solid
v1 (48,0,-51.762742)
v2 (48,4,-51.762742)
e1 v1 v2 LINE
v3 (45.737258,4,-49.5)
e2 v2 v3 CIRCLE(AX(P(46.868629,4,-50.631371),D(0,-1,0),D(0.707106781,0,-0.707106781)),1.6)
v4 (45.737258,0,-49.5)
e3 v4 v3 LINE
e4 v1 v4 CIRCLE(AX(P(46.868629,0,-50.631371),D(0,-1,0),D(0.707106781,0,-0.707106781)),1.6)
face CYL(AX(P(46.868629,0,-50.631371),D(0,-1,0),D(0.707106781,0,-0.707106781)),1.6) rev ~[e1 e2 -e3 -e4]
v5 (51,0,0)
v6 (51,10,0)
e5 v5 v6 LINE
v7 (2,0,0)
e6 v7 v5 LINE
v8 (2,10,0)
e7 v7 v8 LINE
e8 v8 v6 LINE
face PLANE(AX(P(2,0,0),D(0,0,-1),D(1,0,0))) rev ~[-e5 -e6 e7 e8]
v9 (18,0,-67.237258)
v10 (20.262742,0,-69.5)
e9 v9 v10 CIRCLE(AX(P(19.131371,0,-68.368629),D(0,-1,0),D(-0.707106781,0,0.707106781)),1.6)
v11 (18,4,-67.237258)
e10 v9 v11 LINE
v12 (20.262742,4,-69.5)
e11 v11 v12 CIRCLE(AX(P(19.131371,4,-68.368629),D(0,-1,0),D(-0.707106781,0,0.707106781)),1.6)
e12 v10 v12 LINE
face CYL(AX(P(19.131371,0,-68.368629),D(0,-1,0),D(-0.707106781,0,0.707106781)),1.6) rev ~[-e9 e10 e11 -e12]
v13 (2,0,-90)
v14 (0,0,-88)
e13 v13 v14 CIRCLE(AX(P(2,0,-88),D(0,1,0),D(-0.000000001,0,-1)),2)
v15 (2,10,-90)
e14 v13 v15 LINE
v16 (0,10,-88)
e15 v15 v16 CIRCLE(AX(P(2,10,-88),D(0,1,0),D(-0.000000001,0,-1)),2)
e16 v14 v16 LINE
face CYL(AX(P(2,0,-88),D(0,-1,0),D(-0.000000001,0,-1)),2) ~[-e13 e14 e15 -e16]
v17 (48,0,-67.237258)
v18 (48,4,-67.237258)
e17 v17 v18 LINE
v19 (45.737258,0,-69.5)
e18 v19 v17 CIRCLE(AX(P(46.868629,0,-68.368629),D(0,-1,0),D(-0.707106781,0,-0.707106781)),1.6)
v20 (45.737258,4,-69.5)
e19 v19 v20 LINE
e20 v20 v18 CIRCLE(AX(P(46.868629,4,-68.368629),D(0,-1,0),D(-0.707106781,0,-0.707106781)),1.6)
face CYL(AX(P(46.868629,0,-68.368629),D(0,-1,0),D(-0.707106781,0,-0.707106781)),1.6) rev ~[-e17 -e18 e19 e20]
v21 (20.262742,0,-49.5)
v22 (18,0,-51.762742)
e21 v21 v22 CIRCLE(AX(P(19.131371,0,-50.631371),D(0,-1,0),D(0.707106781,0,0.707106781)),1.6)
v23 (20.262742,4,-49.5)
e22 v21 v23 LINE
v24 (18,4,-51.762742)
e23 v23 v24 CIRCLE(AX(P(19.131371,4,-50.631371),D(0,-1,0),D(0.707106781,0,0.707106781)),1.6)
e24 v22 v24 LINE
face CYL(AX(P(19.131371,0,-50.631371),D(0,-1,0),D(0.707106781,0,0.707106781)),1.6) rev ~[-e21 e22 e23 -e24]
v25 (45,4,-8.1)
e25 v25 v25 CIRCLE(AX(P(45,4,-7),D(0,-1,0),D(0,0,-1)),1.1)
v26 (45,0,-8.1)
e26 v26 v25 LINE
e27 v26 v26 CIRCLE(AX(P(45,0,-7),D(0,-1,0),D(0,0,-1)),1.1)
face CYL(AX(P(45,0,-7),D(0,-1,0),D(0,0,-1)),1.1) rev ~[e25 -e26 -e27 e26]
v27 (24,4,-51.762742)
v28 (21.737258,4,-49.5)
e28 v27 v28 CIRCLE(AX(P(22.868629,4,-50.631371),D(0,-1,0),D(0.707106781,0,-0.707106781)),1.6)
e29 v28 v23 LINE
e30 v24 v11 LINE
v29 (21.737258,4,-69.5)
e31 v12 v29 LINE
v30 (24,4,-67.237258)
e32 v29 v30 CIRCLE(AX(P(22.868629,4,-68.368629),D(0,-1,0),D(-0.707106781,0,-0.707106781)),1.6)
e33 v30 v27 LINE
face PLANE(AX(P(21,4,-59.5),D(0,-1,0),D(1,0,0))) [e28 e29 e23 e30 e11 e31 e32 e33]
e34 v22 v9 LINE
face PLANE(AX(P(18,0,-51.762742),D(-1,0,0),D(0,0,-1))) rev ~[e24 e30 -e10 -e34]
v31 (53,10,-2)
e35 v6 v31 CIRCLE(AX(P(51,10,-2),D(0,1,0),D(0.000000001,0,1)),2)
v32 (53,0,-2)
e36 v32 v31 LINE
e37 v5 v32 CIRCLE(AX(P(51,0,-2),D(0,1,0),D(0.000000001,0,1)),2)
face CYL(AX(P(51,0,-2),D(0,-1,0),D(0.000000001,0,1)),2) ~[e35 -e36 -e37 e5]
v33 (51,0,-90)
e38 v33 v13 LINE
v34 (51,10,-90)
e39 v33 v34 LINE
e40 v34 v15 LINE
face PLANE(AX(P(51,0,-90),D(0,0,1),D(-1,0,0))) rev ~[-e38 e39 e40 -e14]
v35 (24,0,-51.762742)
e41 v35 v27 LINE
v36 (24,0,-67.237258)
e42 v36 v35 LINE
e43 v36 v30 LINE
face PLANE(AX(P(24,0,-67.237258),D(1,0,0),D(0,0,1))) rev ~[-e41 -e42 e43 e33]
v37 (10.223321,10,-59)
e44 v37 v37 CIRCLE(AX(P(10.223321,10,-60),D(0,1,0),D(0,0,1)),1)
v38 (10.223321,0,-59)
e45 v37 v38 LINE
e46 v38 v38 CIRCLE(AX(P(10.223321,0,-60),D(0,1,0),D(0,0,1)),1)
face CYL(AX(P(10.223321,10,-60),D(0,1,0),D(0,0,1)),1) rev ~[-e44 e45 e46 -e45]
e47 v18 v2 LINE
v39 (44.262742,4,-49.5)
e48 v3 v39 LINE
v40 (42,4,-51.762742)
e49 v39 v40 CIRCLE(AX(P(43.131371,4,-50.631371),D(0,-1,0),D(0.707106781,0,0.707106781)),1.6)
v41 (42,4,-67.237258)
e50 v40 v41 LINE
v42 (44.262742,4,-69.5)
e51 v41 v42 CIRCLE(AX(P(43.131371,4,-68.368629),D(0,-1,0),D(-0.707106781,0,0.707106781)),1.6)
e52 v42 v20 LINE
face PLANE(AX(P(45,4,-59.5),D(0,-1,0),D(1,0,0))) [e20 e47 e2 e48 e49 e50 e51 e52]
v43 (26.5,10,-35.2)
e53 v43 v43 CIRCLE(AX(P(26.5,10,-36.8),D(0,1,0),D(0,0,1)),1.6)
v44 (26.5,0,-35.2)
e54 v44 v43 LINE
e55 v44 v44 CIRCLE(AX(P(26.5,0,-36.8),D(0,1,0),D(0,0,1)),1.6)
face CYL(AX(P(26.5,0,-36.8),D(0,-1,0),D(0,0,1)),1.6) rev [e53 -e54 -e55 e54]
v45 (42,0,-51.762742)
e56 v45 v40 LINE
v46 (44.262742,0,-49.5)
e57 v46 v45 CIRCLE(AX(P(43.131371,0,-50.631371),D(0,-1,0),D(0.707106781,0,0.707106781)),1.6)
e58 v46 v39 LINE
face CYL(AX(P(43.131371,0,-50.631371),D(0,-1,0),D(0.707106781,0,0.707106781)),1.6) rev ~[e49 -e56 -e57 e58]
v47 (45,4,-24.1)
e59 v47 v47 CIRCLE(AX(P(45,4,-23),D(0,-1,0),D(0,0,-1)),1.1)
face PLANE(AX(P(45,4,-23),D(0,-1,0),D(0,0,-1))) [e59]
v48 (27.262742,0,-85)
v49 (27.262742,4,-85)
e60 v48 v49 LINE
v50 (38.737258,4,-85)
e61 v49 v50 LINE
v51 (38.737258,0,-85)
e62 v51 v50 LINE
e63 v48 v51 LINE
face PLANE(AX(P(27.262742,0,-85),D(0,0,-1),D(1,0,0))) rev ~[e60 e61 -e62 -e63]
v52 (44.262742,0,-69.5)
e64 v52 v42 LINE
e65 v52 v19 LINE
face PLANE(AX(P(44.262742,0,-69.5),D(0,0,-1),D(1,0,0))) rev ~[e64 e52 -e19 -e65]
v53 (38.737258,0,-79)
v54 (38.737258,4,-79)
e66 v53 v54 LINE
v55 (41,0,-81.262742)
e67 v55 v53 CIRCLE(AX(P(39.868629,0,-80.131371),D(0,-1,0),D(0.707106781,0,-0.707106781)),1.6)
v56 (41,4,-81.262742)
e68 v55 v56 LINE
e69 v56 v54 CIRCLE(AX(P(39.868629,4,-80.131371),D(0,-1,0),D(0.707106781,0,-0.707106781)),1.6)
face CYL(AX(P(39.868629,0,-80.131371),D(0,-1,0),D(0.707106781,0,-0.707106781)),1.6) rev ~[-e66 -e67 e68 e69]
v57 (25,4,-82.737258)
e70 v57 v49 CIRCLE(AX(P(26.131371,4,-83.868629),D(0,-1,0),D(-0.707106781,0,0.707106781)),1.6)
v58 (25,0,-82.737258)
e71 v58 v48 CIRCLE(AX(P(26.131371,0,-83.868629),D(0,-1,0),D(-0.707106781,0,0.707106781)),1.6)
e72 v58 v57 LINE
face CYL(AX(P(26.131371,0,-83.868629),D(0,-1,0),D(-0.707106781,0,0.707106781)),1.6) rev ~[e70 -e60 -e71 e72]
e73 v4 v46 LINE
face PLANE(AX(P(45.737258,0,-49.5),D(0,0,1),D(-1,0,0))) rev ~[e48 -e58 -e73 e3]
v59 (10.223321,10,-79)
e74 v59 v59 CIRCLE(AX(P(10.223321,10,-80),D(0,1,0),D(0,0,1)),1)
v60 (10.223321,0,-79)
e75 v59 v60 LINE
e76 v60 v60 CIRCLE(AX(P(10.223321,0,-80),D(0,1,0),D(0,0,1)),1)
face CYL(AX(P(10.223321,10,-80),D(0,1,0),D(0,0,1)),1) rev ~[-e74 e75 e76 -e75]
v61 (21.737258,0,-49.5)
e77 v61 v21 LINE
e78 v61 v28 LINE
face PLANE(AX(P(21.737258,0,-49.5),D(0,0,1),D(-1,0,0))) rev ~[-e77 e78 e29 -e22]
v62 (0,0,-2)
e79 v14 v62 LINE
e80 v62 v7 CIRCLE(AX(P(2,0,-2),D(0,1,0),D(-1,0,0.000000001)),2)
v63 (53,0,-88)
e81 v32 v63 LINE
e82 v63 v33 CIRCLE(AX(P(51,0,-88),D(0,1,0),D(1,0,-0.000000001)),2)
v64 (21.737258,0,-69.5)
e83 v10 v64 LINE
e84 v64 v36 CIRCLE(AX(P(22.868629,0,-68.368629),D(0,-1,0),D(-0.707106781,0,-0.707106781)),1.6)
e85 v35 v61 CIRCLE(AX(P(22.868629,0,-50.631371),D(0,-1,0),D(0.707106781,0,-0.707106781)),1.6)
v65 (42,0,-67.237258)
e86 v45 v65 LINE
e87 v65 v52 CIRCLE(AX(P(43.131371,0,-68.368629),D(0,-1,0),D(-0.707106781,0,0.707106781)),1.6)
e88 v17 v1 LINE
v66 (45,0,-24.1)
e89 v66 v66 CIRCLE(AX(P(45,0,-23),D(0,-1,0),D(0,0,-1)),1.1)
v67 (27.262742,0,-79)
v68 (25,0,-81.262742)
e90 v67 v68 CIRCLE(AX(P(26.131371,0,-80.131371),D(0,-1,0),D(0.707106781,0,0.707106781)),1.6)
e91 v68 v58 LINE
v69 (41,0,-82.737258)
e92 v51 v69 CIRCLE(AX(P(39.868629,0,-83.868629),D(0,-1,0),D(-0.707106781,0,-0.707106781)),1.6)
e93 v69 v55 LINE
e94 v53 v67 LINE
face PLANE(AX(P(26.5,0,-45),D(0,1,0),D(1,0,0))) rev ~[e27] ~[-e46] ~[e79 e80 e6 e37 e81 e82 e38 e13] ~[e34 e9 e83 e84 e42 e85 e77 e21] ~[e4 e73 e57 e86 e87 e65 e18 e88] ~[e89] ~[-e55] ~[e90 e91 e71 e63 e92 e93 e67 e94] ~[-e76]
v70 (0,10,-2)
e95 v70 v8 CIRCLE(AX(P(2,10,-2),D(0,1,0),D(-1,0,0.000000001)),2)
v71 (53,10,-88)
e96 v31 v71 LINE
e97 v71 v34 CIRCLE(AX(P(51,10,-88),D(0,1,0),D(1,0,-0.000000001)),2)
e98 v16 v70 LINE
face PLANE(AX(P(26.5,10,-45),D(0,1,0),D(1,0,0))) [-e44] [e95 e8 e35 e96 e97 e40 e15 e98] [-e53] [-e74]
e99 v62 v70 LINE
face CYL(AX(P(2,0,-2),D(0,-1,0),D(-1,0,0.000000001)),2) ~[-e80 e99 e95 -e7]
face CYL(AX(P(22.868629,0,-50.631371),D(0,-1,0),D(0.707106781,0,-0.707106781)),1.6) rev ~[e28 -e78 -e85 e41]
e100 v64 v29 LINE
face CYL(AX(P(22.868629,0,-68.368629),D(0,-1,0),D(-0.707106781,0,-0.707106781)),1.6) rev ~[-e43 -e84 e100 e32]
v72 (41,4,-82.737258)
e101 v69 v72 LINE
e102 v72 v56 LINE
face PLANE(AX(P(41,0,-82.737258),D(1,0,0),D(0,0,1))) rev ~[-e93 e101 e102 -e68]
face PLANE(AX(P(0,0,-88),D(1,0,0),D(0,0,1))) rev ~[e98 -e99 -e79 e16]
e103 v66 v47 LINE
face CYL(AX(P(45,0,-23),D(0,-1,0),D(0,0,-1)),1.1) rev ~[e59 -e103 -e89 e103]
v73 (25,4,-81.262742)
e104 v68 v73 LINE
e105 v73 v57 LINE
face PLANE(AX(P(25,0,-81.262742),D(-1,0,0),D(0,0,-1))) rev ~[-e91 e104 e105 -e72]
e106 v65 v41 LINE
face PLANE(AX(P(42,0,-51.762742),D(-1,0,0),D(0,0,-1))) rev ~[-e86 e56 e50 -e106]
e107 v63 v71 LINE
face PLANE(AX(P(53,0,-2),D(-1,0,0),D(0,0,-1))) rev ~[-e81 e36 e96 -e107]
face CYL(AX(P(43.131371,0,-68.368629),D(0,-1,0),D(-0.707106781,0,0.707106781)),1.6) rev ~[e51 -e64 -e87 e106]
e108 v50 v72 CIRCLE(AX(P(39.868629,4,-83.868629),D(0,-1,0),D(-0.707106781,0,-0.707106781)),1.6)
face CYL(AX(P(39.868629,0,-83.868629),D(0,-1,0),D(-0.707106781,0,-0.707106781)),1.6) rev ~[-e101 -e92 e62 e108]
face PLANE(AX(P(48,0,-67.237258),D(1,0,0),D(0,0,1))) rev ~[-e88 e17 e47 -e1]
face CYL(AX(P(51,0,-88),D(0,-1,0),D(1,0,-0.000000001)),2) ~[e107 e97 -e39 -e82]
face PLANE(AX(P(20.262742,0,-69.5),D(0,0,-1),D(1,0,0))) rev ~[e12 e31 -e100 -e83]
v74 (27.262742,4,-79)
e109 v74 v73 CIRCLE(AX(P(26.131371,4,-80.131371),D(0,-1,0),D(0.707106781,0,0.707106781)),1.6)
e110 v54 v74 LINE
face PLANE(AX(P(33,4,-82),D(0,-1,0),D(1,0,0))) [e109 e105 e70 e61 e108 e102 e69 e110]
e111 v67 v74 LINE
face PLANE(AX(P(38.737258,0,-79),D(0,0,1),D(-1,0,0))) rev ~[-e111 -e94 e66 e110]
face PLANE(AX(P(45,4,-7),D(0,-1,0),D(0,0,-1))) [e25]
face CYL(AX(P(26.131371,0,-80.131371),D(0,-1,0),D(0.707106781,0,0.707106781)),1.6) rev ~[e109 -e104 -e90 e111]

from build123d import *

# Parameters (mm, degrees)
ESQUISSE1_R             = 1.6
EXTRUSION1_DEPTH        = 10
ESQUISSE2_R             = 1.1
ENL_V_MAT_EXTRU_1_DEPTH = 4
ESQUISSE4_R             = 1
ENL_V_MAT_EXTRU_2_DEPTH = 11


with BuildPart() as part:
    # Esquisse1 → Extrusion1 (new body)
    with BuildSketch(Plane(origin=(0, 0, 0), x_dir=(1, 0, 0), z_dir=(0, 1, 0))):
        with BuildLine():
            Line((0, 88), (0, 2))
            ThreePointArc((0, 2), (0.585786438, 0.585786438), (2, 0))
            Line((2, 0), (51, 0))
            ThreePointArc((51, 0), (52.414213562, 0.585786438), (53, 2))
            Line((53, 2), (53, 88))
            ThreePointArc((53, 88), (52.414213562, 89.414213562), (51, 90))
            Line((51, 90), (2, 90))
            ThreePointArc((2, 90), (0.585786438, 89.414213562), (0, 88))
        make_face()
        with Locations(Location((26.5, 36.8, 0), (0, 0, 270))):  # turned: the seam where the file's is
            Circle(ESQUISSE1_R, mode=Mode.SUBTRACT)
    extrude(amount=EXTRUSION1_DEPTH)

    # Esquisse2 → Enlèv. mat.-Extru.1 (cut)
    with BuildSketch(Plane.XZ):
        with Locations(Location((45, -23, 0), (0, 0, 270))):  # turned: the seam where the file's is
            Circle(ESQUISSE2_R)
        with Locations(Location((45, -7, 0), (0, 0, 270))):  # turned: the seam where the file's is
            Circle(ESQUISSE2_R)
        with BuildLine():
            Line((41, -82.7372583), (41, -81.2627417))
            ThreePointArc((41, -81.2627417), (41, -79), (38.7372583, -79))
            Line((38.7372583, -79), (27.2627417, -79))
            ThreePointArc((27.2627417, -79), (25, -79), (25, -81.2627417))
            Line((25, -81.2627417), (25, -82.7372583))
            ThreePointArc((25, -82.7372583), (25, -85), (27.2627417, -85))
            Line((27.2627417, -85), (38.7372583, -85))
            ThreePointArc((38.7372583, -85), (41, -85), (41, -82.7372583))
        make_face()
        with BuildLine():
            Line((45.7372583, -49.5), (44.2627417, -49.5))
            ThreePointArc((44.2627417, -49.5), (42, -49.5), (42, -51.7627417))
            Line((42, -51.7627417), (42, -67.2372583))
            ThreePointArc((42, -67.2372583), (42, -69.5), (44.2627417, -69.5))
            Line((44.2627417, -69.5), (45.7372583, -69.5))
            ThreePointArc((45.7372583, -69.5), (48, -69.5), (48, -67.2372583))
            Line((48, -67.2372583), (48, -51.7627417))
            ThreePointArc((48, -51.7627417), (48, -49.5), (45.7372583, -49.5))
        make_face()
        with BuildLine():
            Line((24, -67.2372583), (24, -51.7627417))
            ThreePointArc((24, -51.7627417), (24, -49.5), (21.7372583, -49.5))
            Line((21.7372583, -49.5), (20.2627417, -49.5))
            ThreePointArc((20.2627417, -49.5), (18, -49.5), (18, -51.7627417))
            Line((18, -51.7627417), (18, -67.2372583))
            ThreePointArc((18, -67.2372583), (18, -69.5), (20.2627417, -69.5))
            Line((20.2627417, -69.5), (21.7372583, -69.5))
            ThreePointArc((21.7372583, -69.5), (24, -69.5), (24, -67.2372583))
        make_face()
    extrude(amount=-ENL_V_MAT_EXTRU_1_DEPTH, mode=Mode.SUBTRACT)

    # Esquisse4 → Enlèv. mat.-Extru.2 (cut, through all)
    with BuildSketch(Plane(origin=(0, 10, 0), x_dir=(1, 0, 0), z_dir=(0, 1, 0))):
        with Locations(Location((10.223320542, 80, 0), (0, 0, 270))):  # turned: the seam where the file's is
            Circle(ESQUISSE4_R)
        with Locations(Location((10.223320542, 60, 0), (0, 0, 270))):  # turned: the seam where the file's is
            Circle(ESQUISSE4_R)
    extrude(amount=-ENL_V_MAT_EXTRU_2_DEPTH, mode=Mode.SUBTRACT)


solid = part.part
